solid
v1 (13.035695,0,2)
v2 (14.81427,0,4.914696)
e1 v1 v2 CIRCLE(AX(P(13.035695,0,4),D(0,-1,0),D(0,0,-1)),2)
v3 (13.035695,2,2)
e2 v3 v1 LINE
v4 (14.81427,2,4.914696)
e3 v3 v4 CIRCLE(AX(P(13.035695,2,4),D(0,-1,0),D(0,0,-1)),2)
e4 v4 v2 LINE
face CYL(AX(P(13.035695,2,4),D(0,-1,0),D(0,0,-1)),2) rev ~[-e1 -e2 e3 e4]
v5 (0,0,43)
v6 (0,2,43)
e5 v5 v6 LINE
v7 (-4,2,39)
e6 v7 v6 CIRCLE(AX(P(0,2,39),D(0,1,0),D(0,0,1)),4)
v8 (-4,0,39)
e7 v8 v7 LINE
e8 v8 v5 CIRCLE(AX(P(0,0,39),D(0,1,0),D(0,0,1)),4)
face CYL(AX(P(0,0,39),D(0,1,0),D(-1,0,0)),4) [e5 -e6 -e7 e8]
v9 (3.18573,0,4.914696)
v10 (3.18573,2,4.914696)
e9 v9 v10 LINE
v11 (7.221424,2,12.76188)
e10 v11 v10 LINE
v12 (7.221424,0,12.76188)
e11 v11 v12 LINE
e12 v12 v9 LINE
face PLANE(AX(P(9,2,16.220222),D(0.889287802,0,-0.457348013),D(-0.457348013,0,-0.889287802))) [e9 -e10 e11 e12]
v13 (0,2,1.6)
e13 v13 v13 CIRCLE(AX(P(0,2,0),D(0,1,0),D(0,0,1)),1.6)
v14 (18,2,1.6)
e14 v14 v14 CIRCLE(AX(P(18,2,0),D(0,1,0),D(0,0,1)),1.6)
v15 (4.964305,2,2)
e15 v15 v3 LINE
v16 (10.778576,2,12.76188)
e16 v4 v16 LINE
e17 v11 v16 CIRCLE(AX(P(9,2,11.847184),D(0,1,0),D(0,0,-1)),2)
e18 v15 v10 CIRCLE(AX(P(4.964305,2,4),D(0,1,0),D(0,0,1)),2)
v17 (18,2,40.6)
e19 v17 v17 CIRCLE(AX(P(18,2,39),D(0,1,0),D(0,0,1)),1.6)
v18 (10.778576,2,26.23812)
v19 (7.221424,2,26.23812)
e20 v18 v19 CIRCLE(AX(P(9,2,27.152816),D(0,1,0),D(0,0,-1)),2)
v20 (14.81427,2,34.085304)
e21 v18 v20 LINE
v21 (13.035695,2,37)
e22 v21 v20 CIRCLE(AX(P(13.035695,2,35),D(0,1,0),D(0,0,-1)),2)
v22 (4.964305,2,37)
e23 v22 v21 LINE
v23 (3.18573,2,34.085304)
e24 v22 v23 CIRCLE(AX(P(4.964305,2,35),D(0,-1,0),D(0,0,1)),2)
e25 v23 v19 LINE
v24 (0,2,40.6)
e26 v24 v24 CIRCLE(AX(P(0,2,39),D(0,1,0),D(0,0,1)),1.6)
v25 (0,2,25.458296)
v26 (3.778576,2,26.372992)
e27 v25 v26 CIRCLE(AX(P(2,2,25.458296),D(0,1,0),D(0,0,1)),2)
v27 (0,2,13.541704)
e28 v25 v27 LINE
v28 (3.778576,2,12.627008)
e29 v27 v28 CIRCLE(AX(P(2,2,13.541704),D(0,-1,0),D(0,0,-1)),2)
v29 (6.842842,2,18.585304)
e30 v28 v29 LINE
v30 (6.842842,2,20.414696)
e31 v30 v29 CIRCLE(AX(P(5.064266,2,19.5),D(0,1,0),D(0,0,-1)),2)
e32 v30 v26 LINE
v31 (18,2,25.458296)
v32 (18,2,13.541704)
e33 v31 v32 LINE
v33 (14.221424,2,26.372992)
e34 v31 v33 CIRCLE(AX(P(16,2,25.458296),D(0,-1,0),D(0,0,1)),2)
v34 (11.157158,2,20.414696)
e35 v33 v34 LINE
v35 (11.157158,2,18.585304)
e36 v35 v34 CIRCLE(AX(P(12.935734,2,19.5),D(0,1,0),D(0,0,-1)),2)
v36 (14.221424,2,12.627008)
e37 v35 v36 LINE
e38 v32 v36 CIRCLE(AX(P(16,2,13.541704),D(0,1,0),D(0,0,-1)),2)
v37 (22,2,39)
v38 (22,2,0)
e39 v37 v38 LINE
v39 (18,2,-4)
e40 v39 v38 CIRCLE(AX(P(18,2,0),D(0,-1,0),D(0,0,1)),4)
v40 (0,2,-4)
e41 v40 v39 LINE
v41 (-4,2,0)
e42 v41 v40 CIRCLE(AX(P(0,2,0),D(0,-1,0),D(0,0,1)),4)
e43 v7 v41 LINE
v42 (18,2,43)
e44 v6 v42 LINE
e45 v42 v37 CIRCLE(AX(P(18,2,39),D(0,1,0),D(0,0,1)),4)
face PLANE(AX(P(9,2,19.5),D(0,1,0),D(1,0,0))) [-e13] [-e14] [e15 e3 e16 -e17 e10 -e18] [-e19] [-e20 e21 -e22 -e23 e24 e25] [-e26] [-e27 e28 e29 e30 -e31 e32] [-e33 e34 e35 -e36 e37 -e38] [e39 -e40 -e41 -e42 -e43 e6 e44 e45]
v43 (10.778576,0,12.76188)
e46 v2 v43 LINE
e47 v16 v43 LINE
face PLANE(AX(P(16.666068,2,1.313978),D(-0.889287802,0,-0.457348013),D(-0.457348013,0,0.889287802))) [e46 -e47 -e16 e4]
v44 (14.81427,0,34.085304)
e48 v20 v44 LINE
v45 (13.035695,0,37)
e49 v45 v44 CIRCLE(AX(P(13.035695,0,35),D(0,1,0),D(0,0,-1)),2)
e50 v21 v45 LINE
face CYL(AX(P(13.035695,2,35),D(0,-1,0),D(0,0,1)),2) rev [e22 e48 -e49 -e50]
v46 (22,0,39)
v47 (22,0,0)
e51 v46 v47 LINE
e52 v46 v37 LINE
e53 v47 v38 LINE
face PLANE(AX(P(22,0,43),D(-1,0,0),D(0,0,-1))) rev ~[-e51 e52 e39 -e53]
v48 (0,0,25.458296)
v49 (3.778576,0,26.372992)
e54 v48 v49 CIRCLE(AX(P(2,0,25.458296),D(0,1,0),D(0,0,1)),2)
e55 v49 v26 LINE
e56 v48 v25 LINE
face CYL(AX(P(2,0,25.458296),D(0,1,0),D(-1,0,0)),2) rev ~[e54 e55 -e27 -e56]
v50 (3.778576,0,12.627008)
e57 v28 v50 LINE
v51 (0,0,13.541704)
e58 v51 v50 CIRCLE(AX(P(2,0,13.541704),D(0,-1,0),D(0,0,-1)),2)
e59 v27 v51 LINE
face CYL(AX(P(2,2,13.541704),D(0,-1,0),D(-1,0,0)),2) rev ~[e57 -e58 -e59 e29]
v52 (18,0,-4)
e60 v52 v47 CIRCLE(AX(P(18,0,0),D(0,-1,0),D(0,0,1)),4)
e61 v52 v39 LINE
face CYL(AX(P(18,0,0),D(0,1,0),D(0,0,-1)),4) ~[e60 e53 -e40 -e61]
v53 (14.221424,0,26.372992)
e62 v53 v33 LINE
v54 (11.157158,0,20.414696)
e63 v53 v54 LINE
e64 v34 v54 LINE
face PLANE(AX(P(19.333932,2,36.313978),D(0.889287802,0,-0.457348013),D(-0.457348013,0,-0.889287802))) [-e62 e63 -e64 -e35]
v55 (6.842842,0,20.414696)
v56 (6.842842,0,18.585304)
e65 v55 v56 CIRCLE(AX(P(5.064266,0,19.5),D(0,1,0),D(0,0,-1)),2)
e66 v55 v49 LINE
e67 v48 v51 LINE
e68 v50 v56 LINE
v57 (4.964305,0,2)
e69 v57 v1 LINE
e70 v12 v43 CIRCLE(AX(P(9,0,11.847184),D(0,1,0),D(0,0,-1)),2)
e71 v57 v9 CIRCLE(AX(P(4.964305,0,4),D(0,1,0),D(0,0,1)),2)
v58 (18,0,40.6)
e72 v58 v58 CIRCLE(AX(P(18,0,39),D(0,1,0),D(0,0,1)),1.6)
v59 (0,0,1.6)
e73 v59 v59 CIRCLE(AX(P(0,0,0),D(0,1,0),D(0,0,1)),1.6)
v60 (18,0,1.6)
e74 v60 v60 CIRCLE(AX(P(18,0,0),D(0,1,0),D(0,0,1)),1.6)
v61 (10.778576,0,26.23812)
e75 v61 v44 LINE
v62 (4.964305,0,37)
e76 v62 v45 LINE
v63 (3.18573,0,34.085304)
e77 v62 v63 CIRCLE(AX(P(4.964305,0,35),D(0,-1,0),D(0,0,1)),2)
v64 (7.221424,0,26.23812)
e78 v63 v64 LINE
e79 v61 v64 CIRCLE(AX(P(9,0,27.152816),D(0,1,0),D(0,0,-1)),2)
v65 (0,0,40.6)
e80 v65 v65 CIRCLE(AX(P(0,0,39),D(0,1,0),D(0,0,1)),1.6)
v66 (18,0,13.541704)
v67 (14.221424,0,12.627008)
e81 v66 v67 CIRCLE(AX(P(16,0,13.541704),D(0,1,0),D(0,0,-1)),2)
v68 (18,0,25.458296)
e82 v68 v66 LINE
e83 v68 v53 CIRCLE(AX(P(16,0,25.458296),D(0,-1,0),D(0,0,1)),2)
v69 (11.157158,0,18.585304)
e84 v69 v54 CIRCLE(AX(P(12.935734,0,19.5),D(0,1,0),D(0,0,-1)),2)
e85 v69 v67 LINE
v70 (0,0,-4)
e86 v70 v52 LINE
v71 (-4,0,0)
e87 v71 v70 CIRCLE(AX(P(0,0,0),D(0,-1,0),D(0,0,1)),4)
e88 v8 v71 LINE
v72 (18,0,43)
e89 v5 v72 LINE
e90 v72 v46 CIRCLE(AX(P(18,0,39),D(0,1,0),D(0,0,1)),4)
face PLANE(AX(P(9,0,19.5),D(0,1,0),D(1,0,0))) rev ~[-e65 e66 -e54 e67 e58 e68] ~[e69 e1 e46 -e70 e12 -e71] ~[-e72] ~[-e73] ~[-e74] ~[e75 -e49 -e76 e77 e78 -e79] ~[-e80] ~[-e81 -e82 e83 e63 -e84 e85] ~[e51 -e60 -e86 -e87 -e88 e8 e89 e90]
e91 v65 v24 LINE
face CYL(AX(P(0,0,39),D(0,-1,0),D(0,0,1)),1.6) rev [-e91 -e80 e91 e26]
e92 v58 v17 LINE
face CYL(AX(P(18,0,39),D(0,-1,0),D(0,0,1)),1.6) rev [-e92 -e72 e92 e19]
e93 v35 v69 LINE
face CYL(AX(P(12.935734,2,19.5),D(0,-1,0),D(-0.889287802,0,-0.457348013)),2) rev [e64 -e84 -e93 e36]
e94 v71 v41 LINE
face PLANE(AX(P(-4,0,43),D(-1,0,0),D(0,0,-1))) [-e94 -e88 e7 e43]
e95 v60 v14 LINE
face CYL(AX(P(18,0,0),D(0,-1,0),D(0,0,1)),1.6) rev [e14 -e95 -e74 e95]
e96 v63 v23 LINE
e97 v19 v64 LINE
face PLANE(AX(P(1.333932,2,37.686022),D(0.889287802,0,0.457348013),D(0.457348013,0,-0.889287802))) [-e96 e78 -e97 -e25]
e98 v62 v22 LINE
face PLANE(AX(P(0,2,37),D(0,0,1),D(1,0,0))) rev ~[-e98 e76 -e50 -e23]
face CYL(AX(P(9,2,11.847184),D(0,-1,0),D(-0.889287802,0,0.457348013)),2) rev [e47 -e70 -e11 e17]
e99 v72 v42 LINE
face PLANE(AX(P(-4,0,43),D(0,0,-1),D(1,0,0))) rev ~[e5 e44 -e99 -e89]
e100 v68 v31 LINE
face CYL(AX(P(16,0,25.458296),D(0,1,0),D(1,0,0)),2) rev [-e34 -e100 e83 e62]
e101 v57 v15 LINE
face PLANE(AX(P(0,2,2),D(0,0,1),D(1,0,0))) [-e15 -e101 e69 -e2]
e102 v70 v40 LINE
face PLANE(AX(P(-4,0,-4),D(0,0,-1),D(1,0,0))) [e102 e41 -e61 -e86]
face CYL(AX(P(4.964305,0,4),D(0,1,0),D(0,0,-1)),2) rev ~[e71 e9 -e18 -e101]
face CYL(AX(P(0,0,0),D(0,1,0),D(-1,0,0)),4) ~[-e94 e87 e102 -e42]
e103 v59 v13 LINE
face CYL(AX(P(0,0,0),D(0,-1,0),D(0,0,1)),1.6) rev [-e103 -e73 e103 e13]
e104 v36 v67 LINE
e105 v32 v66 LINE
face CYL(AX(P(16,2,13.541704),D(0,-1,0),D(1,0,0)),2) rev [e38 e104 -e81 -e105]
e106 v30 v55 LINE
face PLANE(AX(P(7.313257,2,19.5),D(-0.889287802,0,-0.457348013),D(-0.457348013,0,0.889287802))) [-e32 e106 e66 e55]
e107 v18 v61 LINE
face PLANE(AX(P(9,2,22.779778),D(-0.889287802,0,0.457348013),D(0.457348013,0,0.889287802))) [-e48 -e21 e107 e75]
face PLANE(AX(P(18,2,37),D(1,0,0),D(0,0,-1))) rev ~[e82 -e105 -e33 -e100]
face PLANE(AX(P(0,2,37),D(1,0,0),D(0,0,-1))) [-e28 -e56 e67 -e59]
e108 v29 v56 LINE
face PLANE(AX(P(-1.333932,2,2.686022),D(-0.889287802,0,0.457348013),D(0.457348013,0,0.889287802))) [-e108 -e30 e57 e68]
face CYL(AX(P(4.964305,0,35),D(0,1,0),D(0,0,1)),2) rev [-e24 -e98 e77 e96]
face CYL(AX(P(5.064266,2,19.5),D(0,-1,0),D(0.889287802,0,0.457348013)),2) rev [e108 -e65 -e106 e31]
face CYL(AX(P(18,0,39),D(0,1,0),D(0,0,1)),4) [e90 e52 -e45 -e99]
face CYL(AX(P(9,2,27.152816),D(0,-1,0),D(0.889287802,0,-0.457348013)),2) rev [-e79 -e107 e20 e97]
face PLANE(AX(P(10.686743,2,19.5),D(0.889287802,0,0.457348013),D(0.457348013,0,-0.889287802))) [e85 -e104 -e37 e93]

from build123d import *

# Parameters (mm, degrees)
SKETCH1_W           = 26
SKETCH1_H           = 47
SKETCH1_R           = 1.6
BOSS_EXTRUDE1_DEPTH = 2
FILLET1_R           = 4
SKETCH2_W           = 18
SKETCH2_H           = 35
CUT_EXTRUDE1_DEPTH  = 2
EXTRUDE_THIN1_DEPTH = 2
FILLET2_R           = 2


with BuildPart() as part:
    # Sketch1 → Boss-Extrude1 (new body)
    with BuildSketch(Plane(origin=(0, 0, 0), x_dir=(1, 0, 0), z_dir=(0, 1, 0))):
        with Locations((9, -19.5)):
            Rectangle(SKETCH1_W, SKETCH1_H)
        with Locations(Location((0, -39, 0), (0, 0, 270))):
            Circle(SKETCH1_R, mode=Mode.SUBTRACT)
        with Locations(Location((18, 0, 0), (0, 0, 270))):
            Circle(SKETCH1_R, mode=Mode.SUBTRACT)
        with Locations(Location((0, 0, 0), (0, 0, 270))):
            Circle(SKETCH1_R, mode=Mode.SUBTRACT)
        with Locations(Location((18, -39, 0), (0, 0, 270))):
            Circle(SKETCH1_R, mode=Mode.SUBTRACT)
    extrude(amount=BOSS_EXTRUDE1_DEPTH)

    # Fillet1
    fillet1_edges = [part.edges().sort_by_distance(p)[0] for p in [
        (-4, 1, -4),
        (22, 1, -4),
        (22, 1, 43),
        (-4, 1, 43),
    ]]
    fillet(fillet1_edges, radius=FILLET1_R)

    # Sketch2 → Cut-Extrude1 (cut)
    with BuildSketch(Plane(origin=(0, 2, 0), x_dir=(1, 0, 0), z_dir=(0, 1, 0))):
        with Locations((9, -19.5)):
            Rectangle(SKETCH2_W, SKETCH2_H)
    extrude(amount=-CUT_EXTRUDE1_DEPTH, mode=Mode.SUBTRACT)

    # Sketch3 → Extrude-Thin1 (add)
    with BuildSketch(Plane(origin=(0, 2, 0), x_dir=(1, 0, 0), z_dir=(0, 1, 0))):
        Polygon((-1.333931703, -2.686022019), (16.666068297, -37.686022019), (19.333931703, -36.313977981), (1.333931703, -1.313977981), align=None)
        Polygon((16.666068297, -1.313977981), (-1.333931703, -36.313977981), (1.333931703, -37.686022019), (19.333931703, -2.686022019), align=None)
    extrude(amount=-EXTRUDE_THIN1_DEPTH)

    # Fillet2
    fillet2_edges = [part.edges().sort_by_distance(p)[0] for p in [
        (1.686743027, 1, 37),
        (16.313256973, 1, 37),
        (18, 1, 5.279778109),
        (18, 1, 33.720221891),
        (16.313256973, 1, 2),
        (1.686743027, 1, 2),
        (0, 1, 33.720221891),
        (0, 1, 5.279778109),
        (7.313256973, 1, 19.5),
        (9, 1, 16.220221891),
        (10.686743027, 1, 19.5),
        (9, 1, 22.779778109),
    ]]
    fillet(fillet2_edges, radius=FILLET2_R)


solid = part.part
